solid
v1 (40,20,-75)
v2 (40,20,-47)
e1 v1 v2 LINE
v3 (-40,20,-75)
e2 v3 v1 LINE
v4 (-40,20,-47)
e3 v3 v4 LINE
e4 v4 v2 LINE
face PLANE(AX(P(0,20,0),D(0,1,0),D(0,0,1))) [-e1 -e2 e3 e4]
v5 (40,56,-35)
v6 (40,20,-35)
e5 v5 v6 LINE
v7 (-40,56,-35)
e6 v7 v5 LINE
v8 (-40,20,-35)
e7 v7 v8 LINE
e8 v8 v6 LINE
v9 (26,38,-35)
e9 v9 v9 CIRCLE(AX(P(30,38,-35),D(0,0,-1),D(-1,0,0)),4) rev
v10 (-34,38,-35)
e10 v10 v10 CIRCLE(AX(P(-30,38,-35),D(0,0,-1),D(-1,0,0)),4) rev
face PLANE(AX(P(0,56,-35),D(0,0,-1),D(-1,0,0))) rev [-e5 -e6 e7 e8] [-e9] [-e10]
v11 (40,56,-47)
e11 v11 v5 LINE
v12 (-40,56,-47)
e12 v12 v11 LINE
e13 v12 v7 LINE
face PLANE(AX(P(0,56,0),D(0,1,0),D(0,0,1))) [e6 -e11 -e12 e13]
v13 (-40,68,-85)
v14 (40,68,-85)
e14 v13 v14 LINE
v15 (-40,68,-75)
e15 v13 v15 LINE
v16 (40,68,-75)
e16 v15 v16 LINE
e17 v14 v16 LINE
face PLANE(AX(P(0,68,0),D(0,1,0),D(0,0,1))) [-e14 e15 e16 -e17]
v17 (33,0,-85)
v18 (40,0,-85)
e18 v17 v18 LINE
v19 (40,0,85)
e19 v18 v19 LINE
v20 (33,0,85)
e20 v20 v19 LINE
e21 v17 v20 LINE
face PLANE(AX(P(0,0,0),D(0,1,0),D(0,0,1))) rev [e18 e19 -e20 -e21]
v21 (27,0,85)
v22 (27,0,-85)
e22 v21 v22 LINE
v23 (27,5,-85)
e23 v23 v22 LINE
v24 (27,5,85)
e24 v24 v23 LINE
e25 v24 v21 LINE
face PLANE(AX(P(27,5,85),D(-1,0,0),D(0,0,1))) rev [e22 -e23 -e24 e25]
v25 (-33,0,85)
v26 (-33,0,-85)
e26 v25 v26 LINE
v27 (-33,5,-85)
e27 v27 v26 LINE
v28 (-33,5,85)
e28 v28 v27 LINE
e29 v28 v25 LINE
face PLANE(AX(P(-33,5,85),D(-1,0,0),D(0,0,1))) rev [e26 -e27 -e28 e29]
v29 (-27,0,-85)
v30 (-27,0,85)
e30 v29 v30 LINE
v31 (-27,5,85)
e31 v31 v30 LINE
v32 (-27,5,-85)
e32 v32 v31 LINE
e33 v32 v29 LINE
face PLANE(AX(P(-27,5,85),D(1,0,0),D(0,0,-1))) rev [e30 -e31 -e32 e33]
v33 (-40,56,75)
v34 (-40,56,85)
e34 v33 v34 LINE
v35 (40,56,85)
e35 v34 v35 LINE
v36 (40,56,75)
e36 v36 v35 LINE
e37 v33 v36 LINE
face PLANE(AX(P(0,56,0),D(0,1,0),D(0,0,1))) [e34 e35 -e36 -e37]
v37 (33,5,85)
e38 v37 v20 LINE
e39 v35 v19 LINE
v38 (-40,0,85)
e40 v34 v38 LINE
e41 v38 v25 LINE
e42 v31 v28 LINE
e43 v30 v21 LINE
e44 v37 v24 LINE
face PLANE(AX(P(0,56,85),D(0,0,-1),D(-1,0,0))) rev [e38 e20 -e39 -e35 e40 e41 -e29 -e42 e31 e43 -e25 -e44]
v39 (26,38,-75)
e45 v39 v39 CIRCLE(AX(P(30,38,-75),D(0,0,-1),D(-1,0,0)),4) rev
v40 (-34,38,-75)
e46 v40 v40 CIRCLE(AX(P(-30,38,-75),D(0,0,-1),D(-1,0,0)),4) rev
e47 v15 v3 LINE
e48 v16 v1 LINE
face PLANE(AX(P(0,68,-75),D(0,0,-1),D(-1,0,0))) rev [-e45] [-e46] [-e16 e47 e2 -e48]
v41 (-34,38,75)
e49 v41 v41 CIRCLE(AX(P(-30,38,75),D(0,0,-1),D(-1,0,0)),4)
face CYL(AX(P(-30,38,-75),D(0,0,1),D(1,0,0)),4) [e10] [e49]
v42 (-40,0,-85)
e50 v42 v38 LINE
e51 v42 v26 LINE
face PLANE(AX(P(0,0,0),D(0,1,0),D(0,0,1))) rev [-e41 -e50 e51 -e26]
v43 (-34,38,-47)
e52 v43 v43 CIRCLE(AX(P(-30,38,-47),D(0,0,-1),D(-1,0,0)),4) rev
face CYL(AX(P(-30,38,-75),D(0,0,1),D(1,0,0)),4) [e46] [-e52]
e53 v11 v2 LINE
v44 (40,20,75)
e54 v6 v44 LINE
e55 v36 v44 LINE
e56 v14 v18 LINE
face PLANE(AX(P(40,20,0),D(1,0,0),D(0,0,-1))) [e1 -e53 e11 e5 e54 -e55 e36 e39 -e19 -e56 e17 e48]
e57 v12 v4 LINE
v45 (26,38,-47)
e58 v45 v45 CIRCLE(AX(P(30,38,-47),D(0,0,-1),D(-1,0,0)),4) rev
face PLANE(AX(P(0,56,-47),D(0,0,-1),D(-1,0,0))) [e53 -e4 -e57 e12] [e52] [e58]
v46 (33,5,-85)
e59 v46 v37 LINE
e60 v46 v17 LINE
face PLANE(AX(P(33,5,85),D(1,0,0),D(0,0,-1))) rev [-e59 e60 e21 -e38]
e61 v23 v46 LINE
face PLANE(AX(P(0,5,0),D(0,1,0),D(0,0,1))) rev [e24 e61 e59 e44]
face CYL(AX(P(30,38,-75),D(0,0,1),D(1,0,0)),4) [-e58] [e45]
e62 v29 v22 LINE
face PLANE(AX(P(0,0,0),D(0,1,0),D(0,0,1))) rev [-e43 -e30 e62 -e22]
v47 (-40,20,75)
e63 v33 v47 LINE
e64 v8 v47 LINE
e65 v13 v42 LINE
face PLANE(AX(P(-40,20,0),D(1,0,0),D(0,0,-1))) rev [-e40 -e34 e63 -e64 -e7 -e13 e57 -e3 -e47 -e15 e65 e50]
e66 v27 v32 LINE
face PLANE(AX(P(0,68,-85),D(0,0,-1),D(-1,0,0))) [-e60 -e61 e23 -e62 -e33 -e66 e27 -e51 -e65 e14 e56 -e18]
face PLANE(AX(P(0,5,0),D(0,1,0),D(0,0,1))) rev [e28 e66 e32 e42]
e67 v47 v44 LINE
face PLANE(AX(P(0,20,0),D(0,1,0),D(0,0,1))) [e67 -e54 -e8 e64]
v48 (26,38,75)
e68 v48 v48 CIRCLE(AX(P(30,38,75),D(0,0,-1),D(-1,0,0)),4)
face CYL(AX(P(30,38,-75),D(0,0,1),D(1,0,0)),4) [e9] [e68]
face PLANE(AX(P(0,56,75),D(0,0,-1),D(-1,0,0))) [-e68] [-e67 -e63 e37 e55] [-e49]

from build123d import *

# Parameters (mm, degrees)
SKETCH1_W             = 80
SKETCH1_H             = 28
BOSS_EXTRUDE1_DEPTH   = 20
SKETCH1_H_2           = 110
BOSS_EXTRUDE1_2_DEPTH = 20
SKETCH1_3_W           = 80
SKETCH1_3_H           = 12
SKETCH1_3_H_2         = 10
BOSS_EXTRUDE2_DEPTH   = 56
SKETCH1_4_W           = 80
SKETCH1_4_H           = 10
BOSS_EXTRUDE3_DEPTH   = 68
SKETCH2_R             = 4
BOSS_EXTRUDE4_DEPTH   = 150
SKETCH3_W             = 6
SKETCH3_H             = 170
CUT_EXTRUDE1_DEPTH    = 5


with BuildPart() as part:
    # Sketch1 → Boss-Extrude1 (new body)
    with BuildSketch(Plane(origin=(0, 0, 0), x_dir=(1, 0, 0), z_dir=(0, 1, 0))):
        with Locations((0, 61)):
            Rectangle(SKETCH1_W, SKETCH1_H)
    extrude(amount=BOSS_EXTRUDE1_DEPTH)



with BuildPart() as body_2:
    # Sketch1 → Boss-Extrude1 2 (new body)
    with BuildSketch(Plane(origin=(0, 0, 0), x_dir=(1, 0, 0), z_dir=(0, 1, 0))):
        with Locations((0, -20)):
            Rectangle(SKETCH1_W, SKETCH1_H_2)
    extrude(amount=BOSS_EXTRUDE1_2_DEPTH)


with BuildPart() as part_1:
    add(part.part)

    add(body_2.part)  # Boss-Extrude2 merges body 2
    # Sketch1<3> → Boss-Extrude2 (add)
    with BuildSketch(Plane(origin=(0, 0, 0), x_dir=(1, 0, 0), z_dir=(0, 1, 0))):
        with Locations((0, 41)):
            Rectangle(SKETCH1_3_W, SKETCH1_3_H)
        with Locations((0, -80)):
            Rectangle(SKETCH1_3_W, SKETCH1_3_H_2)
    extrude(amount=BOSS_EXTRUDE2_DEPTH)

    # Sketch1<4> → Boss-Extrude3 (add)
    with BuildSketch(Plane(origin=(0, 0, 0), x_dir=(1, 0, 0), z_dir=(0, 1, 0))):
        with Locations((0, 80)):
            Rectangle(SKETCH1_4_W, SKETCH1_4_H)
    extrude(amount=BOSS_EXTRUDE3_DEPTH)

    # Sketch2 → Boss-Extrude4 (add)
    with BuildSketch(Plane(origin=(0, 0, 75), x_dir=(-1, 0, 0), z_dir=(0, 0, -1))):
        with Locations((-30, 38)):
            Circle(SKETCH2_R)
        with Locations((30, 38)):
            Circle(SKETCH2_R)
    extrude(amount=BOSS_EXTRUDE4_DEPTH)

    # Sketch3 → Cut-Extrude1 (cut)
    with BuildSketch(Plane.XZ):
        with Locations((-30, 0)):
            Rectangle(SKETCH3_W, SKETCH3_H)
        with Locations((30, 0)):
            Rectangle(SKETCH3_W, SKETCH3_H)
    extrude(amount=-CUT_EXTRUDE1_DEPTH, mode=Mode.SUBTRACT)


solid = part_1.part
